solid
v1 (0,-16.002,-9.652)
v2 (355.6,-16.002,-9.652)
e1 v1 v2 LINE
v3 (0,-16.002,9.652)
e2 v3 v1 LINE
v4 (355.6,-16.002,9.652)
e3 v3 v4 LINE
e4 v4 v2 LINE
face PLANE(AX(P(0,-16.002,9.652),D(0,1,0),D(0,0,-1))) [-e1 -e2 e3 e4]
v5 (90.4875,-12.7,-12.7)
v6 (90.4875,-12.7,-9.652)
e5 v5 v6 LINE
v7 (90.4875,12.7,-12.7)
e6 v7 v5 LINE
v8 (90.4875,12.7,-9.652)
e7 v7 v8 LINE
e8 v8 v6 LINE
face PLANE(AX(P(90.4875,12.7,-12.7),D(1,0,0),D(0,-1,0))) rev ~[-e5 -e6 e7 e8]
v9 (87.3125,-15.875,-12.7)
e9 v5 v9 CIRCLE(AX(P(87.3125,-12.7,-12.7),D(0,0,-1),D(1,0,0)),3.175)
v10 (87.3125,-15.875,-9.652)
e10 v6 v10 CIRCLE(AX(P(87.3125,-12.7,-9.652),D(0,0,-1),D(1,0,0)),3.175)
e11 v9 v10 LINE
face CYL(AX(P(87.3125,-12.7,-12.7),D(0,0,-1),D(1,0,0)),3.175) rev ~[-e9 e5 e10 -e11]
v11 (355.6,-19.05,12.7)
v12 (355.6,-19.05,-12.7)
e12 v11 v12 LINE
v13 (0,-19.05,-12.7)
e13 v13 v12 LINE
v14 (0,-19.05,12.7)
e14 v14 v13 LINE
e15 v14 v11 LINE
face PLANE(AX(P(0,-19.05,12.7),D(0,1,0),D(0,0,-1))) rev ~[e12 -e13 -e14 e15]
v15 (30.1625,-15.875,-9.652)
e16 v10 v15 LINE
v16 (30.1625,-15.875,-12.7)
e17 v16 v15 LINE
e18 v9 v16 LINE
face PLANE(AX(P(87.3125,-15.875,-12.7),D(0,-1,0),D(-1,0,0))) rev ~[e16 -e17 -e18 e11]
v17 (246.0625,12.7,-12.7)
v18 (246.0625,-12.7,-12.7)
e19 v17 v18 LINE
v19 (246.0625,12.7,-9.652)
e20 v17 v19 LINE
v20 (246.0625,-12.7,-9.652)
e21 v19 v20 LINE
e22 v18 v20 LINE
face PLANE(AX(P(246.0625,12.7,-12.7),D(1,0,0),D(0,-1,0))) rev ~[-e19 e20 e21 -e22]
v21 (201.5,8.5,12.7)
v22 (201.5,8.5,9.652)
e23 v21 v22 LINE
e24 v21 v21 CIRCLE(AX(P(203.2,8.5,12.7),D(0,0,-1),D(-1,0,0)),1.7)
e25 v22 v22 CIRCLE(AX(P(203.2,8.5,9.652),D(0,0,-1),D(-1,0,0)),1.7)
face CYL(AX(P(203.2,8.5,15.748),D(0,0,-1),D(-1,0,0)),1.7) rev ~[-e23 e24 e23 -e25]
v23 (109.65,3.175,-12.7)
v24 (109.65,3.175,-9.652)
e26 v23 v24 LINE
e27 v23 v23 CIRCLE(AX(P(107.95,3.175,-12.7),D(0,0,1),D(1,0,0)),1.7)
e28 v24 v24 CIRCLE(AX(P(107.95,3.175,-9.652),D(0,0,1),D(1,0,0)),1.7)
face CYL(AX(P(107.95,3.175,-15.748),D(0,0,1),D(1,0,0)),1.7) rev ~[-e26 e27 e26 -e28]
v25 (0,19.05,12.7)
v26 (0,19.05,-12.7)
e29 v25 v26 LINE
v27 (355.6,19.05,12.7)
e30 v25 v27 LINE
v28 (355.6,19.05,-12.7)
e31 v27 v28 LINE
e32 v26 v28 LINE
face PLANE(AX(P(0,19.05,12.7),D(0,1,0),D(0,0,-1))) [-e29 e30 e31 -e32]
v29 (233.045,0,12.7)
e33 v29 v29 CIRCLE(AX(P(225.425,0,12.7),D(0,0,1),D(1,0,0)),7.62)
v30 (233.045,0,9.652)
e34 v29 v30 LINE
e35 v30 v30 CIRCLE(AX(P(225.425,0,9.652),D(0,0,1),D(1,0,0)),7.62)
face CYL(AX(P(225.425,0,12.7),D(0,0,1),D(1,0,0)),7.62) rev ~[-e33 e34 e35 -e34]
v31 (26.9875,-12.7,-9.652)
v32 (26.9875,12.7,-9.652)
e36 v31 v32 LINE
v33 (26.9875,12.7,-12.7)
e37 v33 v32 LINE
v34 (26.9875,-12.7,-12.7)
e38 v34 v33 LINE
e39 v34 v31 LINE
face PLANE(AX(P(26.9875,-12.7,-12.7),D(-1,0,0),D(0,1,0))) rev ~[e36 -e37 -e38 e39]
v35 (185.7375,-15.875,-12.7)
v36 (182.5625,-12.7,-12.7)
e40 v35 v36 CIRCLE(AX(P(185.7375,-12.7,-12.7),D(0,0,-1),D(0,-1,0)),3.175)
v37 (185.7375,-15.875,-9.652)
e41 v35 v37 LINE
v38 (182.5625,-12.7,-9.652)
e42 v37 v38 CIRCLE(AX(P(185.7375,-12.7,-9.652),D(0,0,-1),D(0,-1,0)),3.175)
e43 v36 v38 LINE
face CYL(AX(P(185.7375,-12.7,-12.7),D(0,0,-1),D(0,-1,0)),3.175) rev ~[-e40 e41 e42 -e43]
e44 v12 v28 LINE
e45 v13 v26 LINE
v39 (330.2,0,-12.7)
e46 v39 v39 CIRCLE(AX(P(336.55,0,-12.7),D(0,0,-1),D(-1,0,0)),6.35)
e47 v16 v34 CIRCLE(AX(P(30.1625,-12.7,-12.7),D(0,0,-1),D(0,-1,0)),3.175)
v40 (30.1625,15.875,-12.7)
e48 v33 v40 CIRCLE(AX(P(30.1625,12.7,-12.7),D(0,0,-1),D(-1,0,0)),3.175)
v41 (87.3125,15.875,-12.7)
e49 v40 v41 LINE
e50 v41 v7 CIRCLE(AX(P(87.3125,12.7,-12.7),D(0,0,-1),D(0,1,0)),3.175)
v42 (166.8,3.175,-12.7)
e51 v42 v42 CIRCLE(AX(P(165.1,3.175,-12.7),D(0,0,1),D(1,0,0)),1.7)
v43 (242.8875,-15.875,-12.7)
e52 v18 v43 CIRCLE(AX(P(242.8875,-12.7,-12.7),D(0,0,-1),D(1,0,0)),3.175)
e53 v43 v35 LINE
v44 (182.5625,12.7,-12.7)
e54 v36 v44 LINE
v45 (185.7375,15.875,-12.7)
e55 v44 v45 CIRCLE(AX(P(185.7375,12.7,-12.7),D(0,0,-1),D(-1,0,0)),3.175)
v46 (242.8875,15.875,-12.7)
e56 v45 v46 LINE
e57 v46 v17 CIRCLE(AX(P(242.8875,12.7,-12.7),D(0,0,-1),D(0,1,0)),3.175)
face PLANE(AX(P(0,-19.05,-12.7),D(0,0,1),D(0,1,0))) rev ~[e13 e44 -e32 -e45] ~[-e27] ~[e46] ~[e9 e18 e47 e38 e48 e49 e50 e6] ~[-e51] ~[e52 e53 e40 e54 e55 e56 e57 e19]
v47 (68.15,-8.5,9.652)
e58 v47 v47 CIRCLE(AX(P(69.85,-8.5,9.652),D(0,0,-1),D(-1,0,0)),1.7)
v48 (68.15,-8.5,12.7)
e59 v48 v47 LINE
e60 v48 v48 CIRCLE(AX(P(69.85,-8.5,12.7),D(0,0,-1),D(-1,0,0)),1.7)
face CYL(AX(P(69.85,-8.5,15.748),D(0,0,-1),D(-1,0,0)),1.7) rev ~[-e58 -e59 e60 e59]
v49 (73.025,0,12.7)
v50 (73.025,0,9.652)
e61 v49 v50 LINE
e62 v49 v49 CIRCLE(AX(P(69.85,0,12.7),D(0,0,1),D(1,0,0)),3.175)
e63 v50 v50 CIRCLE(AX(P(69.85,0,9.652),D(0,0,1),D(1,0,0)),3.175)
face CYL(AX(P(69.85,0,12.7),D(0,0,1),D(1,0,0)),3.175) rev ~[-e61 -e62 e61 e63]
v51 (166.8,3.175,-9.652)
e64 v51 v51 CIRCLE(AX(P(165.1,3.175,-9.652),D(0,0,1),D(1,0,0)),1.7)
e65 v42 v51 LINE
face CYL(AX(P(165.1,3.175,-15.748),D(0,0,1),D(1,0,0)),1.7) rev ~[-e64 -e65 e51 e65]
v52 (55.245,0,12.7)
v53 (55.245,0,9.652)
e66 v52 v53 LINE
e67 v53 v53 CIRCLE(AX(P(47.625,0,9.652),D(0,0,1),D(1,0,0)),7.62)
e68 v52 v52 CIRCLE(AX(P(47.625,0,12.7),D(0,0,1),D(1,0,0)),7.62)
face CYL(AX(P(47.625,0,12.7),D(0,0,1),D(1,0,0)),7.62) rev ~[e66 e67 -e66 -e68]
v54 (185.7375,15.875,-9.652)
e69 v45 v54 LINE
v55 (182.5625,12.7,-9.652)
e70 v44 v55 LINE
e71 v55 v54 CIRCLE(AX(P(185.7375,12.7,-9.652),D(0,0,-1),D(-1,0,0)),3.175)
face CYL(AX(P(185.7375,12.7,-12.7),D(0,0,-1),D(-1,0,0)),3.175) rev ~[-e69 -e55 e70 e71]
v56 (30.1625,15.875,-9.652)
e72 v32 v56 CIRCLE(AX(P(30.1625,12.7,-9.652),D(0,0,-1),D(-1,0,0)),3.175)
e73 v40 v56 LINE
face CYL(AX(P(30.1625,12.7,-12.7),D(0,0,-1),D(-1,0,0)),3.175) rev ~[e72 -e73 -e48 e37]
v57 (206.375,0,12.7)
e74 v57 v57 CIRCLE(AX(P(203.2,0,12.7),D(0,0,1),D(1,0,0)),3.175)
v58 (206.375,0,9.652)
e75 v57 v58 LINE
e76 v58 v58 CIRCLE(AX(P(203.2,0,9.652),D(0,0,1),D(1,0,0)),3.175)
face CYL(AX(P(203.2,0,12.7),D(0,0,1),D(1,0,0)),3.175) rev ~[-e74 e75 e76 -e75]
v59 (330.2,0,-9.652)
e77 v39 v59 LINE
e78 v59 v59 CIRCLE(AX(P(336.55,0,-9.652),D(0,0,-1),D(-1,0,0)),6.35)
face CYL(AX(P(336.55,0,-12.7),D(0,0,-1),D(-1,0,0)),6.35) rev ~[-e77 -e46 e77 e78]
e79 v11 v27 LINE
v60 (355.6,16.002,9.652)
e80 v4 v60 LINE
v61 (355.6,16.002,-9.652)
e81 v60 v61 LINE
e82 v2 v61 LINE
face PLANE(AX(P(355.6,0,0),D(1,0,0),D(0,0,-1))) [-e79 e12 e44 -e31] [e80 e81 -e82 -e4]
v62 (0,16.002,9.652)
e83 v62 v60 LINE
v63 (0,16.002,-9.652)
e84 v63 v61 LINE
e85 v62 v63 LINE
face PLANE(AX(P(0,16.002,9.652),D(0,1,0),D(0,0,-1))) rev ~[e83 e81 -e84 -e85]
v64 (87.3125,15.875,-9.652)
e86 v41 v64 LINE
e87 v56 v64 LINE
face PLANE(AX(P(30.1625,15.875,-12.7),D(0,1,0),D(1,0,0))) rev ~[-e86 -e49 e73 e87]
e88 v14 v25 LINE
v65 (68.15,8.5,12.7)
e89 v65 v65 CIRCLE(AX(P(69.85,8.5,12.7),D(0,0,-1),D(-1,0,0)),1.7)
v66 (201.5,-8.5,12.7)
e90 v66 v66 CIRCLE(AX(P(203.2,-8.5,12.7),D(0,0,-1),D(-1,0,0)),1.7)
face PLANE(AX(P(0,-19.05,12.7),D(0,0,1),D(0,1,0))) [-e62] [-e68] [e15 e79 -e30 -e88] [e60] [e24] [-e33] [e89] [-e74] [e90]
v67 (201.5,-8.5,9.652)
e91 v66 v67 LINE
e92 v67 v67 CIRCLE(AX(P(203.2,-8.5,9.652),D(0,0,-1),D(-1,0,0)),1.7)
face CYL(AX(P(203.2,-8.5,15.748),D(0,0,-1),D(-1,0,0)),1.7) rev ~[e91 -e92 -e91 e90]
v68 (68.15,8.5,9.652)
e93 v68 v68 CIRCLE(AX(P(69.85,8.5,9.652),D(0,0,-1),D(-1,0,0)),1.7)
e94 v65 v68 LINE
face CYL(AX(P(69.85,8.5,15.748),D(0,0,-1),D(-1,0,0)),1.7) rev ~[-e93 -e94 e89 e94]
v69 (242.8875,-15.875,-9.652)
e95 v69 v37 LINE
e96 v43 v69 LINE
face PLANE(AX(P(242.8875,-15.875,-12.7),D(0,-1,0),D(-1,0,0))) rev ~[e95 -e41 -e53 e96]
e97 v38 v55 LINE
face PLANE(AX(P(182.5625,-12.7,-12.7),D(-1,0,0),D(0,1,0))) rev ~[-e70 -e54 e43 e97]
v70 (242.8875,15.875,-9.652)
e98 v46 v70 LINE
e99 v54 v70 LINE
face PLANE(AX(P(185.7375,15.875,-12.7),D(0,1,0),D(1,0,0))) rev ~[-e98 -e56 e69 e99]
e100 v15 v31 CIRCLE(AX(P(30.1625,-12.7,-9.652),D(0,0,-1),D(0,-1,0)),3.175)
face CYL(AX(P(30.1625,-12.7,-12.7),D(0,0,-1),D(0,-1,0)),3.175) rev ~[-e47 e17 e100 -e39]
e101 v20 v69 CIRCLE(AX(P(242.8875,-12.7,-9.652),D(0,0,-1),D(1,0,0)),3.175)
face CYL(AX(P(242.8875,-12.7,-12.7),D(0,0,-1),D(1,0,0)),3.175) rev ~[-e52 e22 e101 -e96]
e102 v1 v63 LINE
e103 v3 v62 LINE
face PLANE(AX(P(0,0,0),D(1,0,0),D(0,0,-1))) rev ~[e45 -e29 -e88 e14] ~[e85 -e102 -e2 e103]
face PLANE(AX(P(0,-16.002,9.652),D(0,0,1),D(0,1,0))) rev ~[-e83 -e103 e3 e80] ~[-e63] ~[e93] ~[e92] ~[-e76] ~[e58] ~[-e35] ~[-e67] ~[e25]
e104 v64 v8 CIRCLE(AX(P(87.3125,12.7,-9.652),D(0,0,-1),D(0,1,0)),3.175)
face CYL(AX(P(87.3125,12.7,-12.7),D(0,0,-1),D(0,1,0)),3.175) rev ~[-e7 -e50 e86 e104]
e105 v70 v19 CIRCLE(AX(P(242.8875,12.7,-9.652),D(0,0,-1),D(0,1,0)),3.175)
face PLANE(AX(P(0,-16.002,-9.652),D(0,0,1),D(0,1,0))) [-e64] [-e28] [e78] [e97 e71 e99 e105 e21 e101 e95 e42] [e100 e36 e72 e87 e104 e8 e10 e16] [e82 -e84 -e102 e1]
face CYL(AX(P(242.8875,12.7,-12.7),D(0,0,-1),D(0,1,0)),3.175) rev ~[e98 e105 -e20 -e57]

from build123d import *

# Parameters (mm, degrees)
SKETCH1_W                = 25.4
SKETCH1_H                = 38.1
SKETCH1_W_2              = 19.304
SKETCH1_H_2              = 32.004
BOSS_EXTRUDE1_DEPTH      = 355.6
CUT_EXTRUDE1_REACH       = 27.4
SKETCH2_R                = 6.35
CUT_EXTRUDE4_REACH       = 27.4
SKETCH5_R                = 7.62
CUT_EXTRUDE5_REACH       = 27.4
SKETCH6_R                = 3.175
CUT_EXTRUDE6_REACH       = 27.4
M3_CLEARANCE_HOLE1_D     = 3.4
M3_CLEARANCE_HOLE1_DEPTH = 3.048
M3_CLEARANCE_HOLE2_D     = 3.4
M3_CLEARANCE_HOLE2_DEPTH = 3.048


with BuildPart() as part:
    # Sketch1 → Boss-Extrude1 (new body)
    with BuildSketch(Plane(origin=(0, 0, 0), x_dir=(0, 0, -1), z_dir=(1, 0, 0))):
        Rectangle(SKETCH1_W, SKETCH1_H)
        Rectangle(SKETCH1_W_2, SKETCH1_H_2, mode=Mode.SUBTRACT)
    extrude(amount=BOSS_EXTRUDE1_DEPTH)

    # Sketch2 → Cut-Extrude1 (cut, up to next)
    with BuildSketch(Plane(origin=(0, 0, -12.7), x_dir=(-1, 0, 0), z_dir=(0, 0, -1)), mode=Mode.PRIVATE) as cut_extrude1_sk1:
        with Locations((-336.55, 0)):
            Circle(SKETCH2_R)
    cut_extrude1_tool1 = extrude(cut_extrude1_sk1.sketch, amount=-CUT_EXTRUDE1_REACH, mode=Mode.PRIVATE) & part.part
    add(cut_extrude1_tool1.solids().sort_by_distance((336.55, 0, -12.7))[0], mode=Mode.SUBTRACT)

    # Sketch5 → Cut-Extrude4 (cut, up to next)
    with BuildSketch(Plane.XY.offset(12.7), mode=Mode.PRIVATE) as cut_extrude4_sk1:
        with Locations((47.625, 0)):
            Circle(SKETCH5_R)
    cut_extrude4_tool1 = extrude(cut_extrude4_sk1.sketch, amount=-CUT_EXTRUDE4_REACH, mode=Mode.PRIVATE) & part.part
    add(cut_extrude4_tool1.solids().sort_by_distance((47.625, 0, 12.7))[0], mode=Mode.SUBTRACT)
    # Sketch5 → Cut-Extrude4 (cut, up to next)
    with BuildSketch(Plane.XY.offset(12.7), mode=Mode.PRIVATE) as cut_extrude4_sk2:
        with Locations((225.425, 0)):
            Circle(SKETCH5_R)
    cut_extrude4_tool2 = extrude(cut_extrude4_sk2.sketch, amount=-CUT_EXTRUDE4_REACH, mode=Mode.PRIVATE) & part.part
    add(cut_extrude4_tool2.solids().sort_by_distance((225.425, 0, 12.7))[0], mode=Mode.SUBTRACT)

    # Sketch6 → Cut-Extrude5 (cut, up to next)
    with BuildSketch(Plane.XY.offset(12.7), mode=Mode.PRIVATE) as cut_extrude5_sk1:
        with Locations((69.85, 0)):
            Circle(SKETCH6_R)
    cut_extrude5_tool1 = extrude(cut_extrude5_sk1.sketch, amount=-CUT_EXTRUDE5_REACH, mode=Mode.PRIVATE) & part.part
    add(cut_extrude5_tool1.solids().sort_by_distance((69.85, 0, 12.7))[0], mode=Mode.SUBTRACT)
    # Sketch6 → Cut-Extrude5 (cut, up to next)
    with BuildSketch(Plane.XY.offset(12.7), mode=Mode.PRIVATE) as cut_extrude5_sk2:
        with Locations((203.2, 0)):
            Circle(SKETCH6_R)
    cut_extrude5_tool2 = extrude(cut_extrude5_sk2.sketch, amount=-CUT_EXTRUDE5_REACH, mode=Mode.PRIVATE) & part.part
    add(cut_extrude5_tool2.solids().sort_by_distance((203.2, 0, 12.7))[0], mode=Mode.SUBTRACT)

    # Sketch7 → Cut-Extrude6 (cut, up to next)
    with BuildSketch(Plane(origin=(0, 0, -12.7), x_dir=(-1, 0, 0), z_dir=(0, 0, -1)), mode=Mode.PRIVATE) as cut_extrude6_sk1:
        with BuildLine():
            Line((-242.8875, -15.875), (-185.7375, -15.875))
            ThreePointArc((-185.7375, -15.875), (-183.49243597, -14.94506403), (-182.5625, -12.7))
            Line((-182.5625, -12.7), (-182.5625, 12.7))
            ThreePointArc((-182.5625, 12.7), (-183.49243597, 14.94506403), (-185.7375, 15.875))
            Line((-185.7375, 15.875), (-242.8875, 15.875))
            ThreePointArc((-242.8875, 15.875), (-245.13256403, 14.94506403), (-246.0625, 12.7))
            Line((-246.0625, 12.7), (-246.0625, -12.7))
            ThreePointArc((-246.0625, -12.7), (-245.13256403, -14.94506403), (-242.8875, -15.875))
        make_face()
    cut_extrude6_tool1 = extrude(cut_extrude6_sk1.sketch, amount=-CUT_EXTRUDE6_REACH, mode=Mode.PRIVATE) & part.part
    add(cut_extrude6_tool1.solids().sort_by_distance((214.3125, 0, -12.7))[0], mode=Mode.SUBTRACT)
    # Sketch7 → Cut-Extrude6 (cut, up to next)
    with BuildSketch(Plane(origin=(0, 0, -12.7), x_dir=(-1, 0, 0), z_dir=(0, 0, -1)), mode=Mode.PRIVATE) as cut_extrude6_sk2:
        with BuildLine():
            Line((-87.3125, -15.875), (-30.1625, -15.875))
            ThreePointArc((-30.1625, -15.875), (-27.91743597, -14.94506403), (-26.9875, -12.7))
            Line((-26.9875, -12.7), (-26.9875, 12.7))
            ThreePointArc((-26.9875, 12.7), (-27.91743597, 14.94506403), (-30.1625, 15.875))
            Line((-30.1625, 15.875), (-87.3125, 15.875))
            ThreePointArc((-87.3125, 15.875), (-89.55756403, 14.94506403), (-90.4875, 12.7))
            Line((-90.4875, 12.7), (-90.4875, -12.7))
            ThreePointArc((-90.4875, -12.7), (-89.55756403, -14.94506403), (-87.3125, -15.875))
        make_face()
    cut_extrude6_tool2 = extrude(cut_extrude6_sk2.sketch, amount=-CUT_EXTRUDE6_REACH, mode=Mode.PRIVATE) & part.part
    add(cut_extrude6_tool2.solids().sort_by_distance((58.7375, 0, -12.7))[0], mode=Mode.SUBTRACT)

    # M3 Clearance Hole1
    with Locations(Plane(origin=(165.1, 3.175, -12.7), x_dir=(-1, 0, 0), z_dir=(0, 0, -1))):
        with Locations((0, 0), (57.15, 0)):
            Hole(M3_CLEARANCE_HOLE1_D / 2, depth=M3_CLEARANCE_HOLE1_DEPTH)

    # M3 Clearance Hole2
    with Locations(Plane(origin=(69.85, 8.5, 12.7), x_dir=(1, 0, 0), z_dir=(0, 0, 1))):
        with Locations((0, 0), (0, -17), (133.35, 0), (133.35, -17)):
            Hole(M3_CLEARANCE_HOLE2_D / 2, depth=M3_CLEARANCE_HOLE2_DEPTH)


solid = part.part
